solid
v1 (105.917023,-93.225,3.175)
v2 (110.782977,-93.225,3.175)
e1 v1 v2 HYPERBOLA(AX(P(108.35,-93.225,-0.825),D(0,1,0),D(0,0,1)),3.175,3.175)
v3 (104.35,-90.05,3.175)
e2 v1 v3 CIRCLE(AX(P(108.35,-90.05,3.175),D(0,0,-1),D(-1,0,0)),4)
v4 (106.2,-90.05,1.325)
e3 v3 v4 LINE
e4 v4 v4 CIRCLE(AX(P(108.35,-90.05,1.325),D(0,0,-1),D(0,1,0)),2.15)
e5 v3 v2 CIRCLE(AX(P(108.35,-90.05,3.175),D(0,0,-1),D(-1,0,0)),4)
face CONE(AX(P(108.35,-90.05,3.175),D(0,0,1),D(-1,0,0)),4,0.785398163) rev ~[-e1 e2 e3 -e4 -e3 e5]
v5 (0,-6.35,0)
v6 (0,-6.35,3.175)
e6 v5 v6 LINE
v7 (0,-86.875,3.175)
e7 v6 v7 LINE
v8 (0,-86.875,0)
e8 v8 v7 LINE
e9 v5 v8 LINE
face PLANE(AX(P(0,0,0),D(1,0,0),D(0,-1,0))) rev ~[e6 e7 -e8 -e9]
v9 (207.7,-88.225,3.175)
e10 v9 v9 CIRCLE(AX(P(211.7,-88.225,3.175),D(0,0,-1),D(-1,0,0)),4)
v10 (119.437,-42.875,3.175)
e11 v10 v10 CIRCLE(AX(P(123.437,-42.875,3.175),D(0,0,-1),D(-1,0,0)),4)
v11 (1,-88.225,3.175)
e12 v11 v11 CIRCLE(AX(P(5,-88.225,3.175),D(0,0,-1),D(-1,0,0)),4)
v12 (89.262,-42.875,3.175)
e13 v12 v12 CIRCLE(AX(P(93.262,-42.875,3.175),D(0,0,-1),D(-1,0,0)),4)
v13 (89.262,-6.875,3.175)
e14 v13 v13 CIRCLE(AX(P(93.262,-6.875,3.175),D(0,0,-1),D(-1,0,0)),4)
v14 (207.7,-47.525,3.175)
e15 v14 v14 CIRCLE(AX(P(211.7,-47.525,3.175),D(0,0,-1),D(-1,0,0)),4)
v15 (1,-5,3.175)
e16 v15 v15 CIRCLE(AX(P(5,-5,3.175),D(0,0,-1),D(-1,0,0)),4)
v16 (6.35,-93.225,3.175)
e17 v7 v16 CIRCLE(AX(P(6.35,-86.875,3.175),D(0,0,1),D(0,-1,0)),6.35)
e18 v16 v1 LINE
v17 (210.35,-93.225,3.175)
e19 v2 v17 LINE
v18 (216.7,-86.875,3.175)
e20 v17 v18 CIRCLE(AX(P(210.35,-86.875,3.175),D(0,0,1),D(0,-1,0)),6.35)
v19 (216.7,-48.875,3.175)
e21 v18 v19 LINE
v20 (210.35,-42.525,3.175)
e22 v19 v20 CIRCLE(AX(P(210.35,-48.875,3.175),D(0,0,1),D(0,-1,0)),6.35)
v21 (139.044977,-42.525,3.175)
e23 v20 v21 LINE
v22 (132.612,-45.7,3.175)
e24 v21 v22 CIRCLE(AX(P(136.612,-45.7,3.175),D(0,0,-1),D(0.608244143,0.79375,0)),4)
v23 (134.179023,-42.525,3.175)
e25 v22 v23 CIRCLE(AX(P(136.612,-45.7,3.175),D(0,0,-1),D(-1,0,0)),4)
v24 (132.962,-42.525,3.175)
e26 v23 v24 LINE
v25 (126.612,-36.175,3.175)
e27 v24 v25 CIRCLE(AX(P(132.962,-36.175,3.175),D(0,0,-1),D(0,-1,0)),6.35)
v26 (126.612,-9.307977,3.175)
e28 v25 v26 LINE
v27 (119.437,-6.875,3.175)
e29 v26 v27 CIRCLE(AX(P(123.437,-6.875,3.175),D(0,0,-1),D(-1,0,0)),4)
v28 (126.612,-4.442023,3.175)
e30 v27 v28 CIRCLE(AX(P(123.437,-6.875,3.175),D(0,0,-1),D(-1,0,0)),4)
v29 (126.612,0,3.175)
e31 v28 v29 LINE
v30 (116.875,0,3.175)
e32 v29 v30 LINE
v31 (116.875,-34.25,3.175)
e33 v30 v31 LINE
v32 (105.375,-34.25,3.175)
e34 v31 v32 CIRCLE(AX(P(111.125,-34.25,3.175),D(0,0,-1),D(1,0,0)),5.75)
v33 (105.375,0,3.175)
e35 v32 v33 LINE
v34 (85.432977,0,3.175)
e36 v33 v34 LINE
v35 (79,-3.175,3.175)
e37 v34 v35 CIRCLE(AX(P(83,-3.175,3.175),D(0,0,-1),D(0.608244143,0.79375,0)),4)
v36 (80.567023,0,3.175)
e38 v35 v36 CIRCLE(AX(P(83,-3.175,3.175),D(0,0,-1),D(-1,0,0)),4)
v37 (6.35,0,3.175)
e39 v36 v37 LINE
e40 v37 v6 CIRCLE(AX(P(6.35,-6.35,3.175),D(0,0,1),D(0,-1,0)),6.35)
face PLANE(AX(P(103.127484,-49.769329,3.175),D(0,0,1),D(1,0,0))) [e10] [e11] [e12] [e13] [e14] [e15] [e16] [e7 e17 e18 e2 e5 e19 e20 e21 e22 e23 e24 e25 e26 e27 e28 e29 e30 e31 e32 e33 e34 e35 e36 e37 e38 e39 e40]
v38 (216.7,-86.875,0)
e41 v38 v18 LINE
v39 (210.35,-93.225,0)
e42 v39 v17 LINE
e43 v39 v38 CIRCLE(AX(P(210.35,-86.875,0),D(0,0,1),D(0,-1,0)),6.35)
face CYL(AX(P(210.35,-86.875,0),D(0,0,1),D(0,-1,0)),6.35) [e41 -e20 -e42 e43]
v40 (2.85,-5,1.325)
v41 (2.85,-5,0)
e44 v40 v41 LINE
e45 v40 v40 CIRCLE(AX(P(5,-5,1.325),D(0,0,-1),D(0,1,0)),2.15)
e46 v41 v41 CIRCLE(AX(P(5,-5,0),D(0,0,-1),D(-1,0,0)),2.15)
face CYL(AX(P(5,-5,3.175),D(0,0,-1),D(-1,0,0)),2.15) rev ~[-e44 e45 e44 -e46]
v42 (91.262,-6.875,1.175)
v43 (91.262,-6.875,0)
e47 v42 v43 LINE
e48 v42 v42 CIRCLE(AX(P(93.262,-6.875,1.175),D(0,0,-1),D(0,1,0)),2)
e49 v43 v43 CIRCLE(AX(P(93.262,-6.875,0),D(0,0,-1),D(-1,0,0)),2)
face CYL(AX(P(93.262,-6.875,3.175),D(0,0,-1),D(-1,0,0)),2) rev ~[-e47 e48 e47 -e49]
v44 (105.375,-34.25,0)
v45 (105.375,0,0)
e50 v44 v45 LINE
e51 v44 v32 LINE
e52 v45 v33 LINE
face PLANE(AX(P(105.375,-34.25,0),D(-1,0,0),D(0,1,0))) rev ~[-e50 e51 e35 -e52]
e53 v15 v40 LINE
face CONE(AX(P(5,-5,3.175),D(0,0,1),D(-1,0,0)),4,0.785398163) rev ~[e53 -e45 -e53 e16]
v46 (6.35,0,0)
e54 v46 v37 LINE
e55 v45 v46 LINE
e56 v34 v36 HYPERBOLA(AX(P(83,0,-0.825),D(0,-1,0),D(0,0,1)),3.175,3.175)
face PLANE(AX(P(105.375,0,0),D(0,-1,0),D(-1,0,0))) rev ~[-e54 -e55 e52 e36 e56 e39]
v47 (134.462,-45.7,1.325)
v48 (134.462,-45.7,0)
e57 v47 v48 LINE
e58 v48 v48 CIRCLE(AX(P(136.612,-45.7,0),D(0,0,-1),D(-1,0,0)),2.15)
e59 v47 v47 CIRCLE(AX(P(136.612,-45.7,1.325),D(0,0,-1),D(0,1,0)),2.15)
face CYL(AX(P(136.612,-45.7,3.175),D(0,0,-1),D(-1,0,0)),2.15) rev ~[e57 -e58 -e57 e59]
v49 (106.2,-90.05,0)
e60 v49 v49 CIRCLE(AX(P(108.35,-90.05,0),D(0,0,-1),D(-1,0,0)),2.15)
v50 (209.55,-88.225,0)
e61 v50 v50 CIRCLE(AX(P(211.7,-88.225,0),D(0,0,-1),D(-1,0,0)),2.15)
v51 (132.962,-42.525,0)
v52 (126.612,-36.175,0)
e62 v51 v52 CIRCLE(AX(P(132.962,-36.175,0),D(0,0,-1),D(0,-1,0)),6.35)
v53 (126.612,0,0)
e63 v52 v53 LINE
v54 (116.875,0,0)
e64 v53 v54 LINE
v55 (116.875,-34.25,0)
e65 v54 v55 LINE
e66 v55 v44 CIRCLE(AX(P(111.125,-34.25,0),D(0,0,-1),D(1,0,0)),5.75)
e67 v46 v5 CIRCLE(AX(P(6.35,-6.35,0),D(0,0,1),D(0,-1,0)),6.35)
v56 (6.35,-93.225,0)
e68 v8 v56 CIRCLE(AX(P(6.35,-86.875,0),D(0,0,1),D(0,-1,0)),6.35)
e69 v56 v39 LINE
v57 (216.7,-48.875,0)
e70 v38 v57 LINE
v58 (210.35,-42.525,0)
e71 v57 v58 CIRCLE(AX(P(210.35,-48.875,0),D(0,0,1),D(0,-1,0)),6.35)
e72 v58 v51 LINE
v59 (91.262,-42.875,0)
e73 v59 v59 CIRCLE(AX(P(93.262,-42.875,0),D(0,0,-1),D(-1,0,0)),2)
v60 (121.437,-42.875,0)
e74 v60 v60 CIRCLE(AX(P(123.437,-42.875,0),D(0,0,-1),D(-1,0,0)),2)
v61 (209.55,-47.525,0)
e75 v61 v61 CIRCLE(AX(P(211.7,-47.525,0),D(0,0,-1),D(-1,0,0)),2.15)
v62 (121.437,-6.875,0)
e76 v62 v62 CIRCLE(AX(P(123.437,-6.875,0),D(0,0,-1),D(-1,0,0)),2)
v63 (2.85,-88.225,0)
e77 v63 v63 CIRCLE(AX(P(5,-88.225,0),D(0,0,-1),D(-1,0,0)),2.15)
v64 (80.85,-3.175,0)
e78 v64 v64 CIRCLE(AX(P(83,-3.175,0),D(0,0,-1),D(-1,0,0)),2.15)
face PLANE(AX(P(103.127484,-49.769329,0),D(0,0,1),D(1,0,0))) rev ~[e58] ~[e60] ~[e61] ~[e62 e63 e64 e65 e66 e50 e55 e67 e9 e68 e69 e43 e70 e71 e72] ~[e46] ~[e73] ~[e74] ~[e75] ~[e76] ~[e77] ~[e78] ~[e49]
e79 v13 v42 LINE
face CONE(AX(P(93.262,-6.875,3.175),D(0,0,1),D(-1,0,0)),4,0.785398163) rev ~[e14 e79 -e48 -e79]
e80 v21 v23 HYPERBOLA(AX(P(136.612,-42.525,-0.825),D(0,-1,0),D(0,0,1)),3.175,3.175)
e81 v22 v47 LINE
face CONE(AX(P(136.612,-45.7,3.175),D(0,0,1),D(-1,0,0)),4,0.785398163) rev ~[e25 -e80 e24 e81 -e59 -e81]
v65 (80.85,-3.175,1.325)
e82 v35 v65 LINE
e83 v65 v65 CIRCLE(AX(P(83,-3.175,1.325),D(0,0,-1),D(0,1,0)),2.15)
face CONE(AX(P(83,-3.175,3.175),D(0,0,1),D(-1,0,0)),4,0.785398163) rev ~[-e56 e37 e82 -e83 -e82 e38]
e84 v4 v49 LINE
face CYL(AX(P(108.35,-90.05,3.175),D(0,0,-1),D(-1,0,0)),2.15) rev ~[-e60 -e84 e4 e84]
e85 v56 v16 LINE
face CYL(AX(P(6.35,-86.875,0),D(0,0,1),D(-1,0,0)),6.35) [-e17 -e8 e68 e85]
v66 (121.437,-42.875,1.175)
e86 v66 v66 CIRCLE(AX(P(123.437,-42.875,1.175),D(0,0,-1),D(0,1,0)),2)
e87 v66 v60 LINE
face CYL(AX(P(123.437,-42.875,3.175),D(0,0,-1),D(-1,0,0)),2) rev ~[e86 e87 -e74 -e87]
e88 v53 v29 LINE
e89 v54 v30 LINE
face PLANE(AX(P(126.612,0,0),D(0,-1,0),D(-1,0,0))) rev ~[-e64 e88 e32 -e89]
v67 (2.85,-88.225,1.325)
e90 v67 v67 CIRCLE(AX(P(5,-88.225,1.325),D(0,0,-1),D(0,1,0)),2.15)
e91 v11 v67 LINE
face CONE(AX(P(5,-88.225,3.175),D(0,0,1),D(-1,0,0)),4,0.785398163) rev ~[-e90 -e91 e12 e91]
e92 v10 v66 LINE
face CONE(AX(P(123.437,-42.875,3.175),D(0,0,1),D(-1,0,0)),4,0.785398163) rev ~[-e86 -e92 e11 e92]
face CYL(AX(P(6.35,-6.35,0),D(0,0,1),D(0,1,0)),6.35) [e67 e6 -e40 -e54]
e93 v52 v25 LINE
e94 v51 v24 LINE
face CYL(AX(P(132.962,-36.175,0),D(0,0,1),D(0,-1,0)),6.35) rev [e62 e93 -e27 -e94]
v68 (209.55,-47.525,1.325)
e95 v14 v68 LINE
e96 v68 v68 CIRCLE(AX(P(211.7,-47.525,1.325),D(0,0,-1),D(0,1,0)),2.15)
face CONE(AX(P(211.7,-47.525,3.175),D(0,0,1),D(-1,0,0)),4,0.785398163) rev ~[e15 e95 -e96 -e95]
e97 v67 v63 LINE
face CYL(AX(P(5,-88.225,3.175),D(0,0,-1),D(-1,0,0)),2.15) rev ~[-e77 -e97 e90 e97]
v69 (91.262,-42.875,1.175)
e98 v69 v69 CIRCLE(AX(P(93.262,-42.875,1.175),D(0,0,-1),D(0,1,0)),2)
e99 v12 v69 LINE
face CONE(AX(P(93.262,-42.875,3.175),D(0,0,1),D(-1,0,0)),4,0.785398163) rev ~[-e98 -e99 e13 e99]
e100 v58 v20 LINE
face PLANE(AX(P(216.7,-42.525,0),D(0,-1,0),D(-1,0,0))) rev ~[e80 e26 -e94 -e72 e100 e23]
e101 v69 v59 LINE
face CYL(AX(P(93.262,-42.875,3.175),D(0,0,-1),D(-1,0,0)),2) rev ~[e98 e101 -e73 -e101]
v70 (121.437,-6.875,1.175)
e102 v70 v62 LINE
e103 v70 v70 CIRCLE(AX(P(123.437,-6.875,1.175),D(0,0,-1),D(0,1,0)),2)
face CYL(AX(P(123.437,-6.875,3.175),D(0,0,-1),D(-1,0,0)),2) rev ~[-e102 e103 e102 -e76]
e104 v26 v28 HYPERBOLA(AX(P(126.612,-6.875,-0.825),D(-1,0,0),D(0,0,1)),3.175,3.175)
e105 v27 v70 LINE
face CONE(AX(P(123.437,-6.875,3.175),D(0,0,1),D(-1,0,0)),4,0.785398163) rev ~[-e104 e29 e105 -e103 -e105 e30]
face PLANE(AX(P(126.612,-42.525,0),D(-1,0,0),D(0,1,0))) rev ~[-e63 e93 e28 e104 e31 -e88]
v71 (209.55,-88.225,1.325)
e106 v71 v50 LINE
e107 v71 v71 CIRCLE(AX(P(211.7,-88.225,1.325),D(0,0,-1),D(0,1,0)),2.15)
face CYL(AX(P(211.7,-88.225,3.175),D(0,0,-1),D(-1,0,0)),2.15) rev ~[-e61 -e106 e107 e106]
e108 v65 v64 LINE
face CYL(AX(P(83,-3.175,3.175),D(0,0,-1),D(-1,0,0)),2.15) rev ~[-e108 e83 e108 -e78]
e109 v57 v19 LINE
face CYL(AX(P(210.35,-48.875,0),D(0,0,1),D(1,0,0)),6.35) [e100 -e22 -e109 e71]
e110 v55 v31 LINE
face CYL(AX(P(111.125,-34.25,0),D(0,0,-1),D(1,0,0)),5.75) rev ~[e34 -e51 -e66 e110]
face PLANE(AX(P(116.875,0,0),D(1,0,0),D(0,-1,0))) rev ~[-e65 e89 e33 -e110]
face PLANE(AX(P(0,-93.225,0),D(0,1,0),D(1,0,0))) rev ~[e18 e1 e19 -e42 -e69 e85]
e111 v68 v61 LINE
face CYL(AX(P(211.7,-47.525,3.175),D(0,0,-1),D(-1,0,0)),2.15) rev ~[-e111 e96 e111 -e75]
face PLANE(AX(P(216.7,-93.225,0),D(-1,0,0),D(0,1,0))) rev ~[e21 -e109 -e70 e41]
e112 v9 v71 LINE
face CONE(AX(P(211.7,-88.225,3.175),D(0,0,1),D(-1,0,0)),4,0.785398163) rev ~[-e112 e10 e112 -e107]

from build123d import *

# Parameters (mm, degrees)
F1_DEPTH       = 3.175
F2_R           = 6.35
F4_D           = 4.3
F4_CSINK_D     = 8
F4_CSINK_ANGLE = 90
F6_D           = 4
F6_CSINK_D     = 8
F6_CSINK_ANGLE = 90


with BuildPart() as f1:
    # F0 (on Top) → F1 (new body)
    with BuildSketch(Plane.XY):
        with BuildLine():
            Line((105.375, 0), (0, 0))
            Line((0, 0), (0, -93.225))
            Line((0, -93.225), (216.7, -93.225))
            Line((216.7, -93.225), (216.7, -42.525))
            Line((216.7, -42.525), (126.612, -42.525))
            Line((126.612, -42.525), (126.612, 0))
            Line((126.612, 0), (116.875, 0))
            Line((116.875, 0), (116.875, -34.25))
            ThreePointArc((116.875, -34.25), (111.125, -40), (105.375, -34.25))
            Line((105.375, -34.25), (105.375, 0))
        make_face()
    extrude(amount=F1_DEPTH)

    # F2
    f2_edges = [f1.edges().sort_by_distance(p)[0] for p in [
        (0, 0, 1.5875),
        (0, -93.225, 1.5875),
        (126.612, -42.525, 1.5875),
        (216.7, -42.525, 1.5875),
        (216.7, -93.225, 1.5875),
    ]]
    fillet(f2_edges, radius=F2_R)

    # F4 (through all)
    with Locations(Plane.XY.offset(3.175)):
        with Locations((5, -5), (5, -88.225), (211.7, -88.225), (211.7, -47.525), (136.612, -45.7), (83, -3.175), (108.35, -90.05)):
            CounterSinkHole(F4_D / 2, F4_CSINK_D / 2, counter_sink_angle=F4_CSINK_ANGLE)

    # F6 (through all)
    with Locations(Plane.XY.offset(3.175)):
        with Locations((123.437, -42.875), (123.437, -6.875), (93.262, -6.875), (93.262, -42.875)):
            CounterSinkHole(F6_D / 2, F6_CSINK_D / 2, counter_sink_angle=F6_CSINK_ANGLE)


solid = f1.part
